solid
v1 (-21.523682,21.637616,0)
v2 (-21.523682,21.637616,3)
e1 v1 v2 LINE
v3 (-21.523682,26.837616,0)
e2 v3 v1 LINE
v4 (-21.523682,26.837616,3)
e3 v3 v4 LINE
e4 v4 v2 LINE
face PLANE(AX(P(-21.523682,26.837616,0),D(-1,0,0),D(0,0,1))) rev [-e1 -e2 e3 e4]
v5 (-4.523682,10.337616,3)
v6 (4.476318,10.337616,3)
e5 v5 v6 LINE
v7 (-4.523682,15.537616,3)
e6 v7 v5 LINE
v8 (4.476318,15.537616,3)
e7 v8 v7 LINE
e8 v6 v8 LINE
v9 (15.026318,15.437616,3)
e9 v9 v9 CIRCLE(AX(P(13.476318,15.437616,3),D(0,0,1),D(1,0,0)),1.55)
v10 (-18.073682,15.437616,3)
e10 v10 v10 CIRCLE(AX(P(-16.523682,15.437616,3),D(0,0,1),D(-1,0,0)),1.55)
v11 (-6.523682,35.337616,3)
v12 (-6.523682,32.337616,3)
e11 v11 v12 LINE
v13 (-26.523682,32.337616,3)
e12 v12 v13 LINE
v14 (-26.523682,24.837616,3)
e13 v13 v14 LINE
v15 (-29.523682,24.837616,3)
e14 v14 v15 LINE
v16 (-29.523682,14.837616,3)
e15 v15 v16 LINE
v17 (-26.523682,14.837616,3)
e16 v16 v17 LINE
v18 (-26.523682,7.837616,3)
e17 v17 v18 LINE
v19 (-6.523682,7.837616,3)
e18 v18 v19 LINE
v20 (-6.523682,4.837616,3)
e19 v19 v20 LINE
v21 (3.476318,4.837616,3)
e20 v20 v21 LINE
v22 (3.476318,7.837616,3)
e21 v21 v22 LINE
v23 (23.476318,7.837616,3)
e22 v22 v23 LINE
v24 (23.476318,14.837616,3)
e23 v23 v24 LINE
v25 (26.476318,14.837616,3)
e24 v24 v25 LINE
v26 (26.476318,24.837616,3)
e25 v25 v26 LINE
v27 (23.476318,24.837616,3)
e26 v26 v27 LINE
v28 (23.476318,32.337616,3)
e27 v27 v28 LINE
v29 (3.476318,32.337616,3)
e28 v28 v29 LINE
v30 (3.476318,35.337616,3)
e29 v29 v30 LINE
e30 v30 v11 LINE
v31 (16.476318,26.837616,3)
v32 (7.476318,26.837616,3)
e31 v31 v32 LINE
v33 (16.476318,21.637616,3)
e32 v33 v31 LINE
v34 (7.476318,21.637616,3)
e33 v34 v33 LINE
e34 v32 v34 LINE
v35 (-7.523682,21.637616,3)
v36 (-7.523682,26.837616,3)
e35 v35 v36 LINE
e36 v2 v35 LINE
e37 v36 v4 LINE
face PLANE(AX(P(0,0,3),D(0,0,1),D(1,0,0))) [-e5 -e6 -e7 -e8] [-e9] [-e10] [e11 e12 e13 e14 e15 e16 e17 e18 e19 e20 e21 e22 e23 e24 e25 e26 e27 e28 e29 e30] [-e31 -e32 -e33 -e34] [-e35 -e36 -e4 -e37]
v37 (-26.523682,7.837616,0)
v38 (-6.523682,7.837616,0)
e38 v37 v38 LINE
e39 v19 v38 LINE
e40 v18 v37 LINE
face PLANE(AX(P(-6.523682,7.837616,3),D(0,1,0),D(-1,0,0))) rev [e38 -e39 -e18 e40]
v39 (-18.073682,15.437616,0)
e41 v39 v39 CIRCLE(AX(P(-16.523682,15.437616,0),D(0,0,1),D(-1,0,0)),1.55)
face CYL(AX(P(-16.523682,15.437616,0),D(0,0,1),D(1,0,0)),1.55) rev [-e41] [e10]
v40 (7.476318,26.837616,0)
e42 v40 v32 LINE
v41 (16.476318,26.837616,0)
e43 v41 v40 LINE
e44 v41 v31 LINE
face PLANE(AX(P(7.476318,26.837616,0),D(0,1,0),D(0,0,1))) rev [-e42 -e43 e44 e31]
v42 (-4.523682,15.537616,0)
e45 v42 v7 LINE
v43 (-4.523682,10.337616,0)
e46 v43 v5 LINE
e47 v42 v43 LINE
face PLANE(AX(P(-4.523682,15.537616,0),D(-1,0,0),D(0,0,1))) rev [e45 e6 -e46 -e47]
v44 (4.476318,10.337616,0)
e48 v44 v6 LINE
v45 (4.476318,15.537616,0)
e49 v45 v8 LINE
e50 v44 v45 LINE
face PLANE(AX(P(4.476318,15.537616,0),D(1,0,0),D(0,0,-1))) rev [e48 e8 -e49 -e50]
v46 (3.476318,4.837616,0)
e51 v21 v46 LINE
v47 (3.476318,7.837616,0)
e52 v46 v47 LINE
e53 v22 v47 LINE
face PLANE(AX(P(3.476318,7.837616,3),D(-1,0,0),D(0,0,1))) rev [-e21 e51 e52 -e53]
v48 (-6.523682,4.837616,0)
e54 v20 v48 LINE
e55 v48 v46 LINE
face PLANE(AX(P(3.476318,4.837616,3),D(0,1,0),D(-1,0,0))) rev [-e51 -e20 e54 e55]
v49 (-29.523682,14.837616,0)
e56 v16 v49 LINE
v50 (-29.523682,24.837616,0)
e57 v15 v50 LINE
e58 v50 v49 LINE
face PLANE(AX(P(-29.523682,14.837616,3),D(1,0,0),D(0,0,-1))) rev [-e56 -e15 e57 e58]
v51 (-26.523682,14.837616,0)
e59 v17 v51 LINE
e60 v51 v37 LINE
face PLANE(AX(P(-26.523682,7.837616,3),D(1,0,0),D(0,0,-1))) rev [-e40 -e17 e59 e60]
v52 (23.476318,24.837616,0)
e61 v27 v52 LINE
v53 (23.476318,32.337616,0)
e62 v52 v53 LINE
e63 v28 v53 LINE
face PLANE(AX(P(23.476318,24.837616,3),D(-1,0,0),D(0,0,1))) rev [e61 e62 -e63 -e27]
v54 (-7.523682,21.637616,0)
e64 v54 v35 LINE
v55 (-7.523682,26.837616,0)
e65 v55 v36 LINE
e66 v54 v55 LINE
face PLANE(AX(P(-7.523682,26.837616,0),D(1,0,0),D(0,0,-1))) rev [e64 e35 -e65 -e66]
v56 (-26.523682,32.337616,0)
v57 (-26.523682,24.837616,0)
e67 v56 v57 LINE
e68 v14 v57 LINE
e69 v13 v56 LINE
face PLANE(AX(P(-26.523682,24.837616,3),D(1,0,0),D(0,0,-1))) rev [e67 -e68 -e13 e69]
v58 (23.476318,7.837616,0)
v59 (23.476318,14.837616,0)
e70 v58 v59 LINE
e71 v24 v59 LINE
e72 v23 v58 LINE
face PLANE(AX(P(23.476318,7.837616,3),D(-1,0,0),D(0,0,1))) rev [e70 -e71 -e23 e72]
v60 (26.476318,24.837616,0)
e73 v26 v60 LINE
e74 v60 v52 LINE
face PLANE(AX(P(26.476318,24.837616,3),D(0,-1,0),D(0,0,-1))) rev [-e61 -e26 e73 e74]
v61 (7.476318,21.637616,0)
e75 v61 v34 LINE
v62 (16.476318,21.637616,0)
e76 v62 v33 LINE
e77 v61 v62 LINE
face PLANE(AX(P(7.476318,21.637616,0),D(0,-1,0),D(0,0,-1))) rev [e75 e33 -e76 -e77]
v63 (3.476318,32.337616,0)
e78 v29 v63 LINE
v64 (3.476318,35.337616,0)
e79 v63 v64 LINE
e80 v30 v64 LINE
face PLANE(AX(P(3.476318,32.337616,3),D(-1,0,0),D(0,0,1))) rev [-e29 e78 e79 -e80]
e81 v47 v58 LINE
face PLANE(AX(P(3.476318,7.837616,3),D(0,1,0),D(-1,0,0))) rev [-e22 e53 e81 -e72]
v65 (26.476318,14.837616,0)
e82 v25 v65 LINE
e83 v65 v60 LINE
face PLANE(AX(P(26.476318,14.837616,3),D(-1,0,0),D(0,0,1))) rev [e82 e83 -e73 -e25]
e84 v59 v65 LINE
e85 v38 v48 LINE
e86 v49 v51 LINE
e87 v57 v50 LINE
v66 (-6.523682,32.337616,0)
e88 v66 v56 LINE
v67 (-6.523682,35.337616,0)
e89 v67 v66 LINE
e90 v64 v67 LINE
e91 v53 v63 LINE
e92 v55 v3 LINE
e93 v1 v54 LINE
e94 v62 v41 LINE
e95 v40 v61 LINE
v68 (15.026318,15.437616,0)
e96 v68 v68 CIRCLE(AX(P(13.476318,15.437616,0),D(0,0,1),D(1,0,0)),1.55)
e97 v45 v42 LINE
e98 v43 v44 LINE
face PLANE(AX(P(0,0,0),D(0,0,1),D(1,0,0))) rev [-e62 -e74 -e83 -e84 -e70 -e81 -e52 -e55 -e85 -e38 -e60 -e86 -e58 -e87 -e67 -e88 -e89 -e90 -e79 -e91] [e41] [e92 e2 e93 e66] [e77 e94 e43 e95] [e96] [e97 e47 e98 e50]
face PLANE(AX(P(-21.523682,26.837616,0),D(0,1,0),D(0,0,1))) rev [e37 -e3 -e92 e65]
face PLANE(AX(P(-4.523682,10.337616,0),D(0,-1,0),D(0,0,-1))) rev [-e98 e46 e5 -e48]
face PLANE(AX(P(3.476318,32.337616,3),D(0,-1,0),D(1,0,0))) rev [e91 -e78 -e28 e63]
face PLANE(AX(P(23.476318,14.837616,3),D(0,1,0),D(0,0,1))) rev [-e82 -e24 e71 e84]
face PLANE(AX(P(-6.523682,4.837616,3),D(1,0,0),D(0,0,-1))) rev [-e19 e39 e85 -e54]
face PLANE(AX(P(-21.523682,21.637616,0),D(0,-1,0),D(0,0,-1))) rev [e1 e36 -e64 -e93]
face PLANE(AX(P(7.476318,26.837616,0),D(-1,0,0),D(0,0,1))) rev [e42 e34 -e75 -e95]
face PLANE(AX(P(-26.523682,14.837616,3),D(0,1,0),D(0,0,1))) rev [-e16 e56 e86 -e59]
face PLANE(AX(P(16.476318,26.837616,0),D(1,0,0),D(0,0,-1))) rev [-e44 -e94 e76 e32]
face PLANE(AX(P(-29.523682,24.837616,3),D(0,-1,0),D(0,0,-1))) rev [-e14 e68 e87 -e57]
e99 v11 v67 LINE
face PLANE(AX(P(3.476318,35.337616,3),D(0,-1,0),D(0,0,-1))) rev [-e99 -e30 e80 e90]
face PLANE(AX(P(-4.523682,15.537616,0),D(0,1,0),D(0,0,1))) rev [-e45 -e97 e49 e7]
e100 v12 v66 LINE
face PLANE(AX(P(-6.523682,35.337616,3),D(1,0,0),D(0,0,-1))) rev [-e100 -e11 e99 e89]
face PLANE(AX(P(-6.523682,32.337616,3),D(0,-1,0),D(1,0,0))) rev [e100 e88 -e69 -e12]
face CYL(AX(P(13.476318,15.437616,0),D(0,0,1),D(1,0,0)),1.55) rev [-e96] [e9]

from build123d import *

# Parameters (mm, degrees)
BOSS_EXTRUDE1_DEPTH = 3
SKETCH4_R           = 1.55
SKETCH4_W           = 9
SKETCH4_H           = 5.2
SKETCH4_W_2         = 14
CUT_EXTRUDE1_DEPTH  = 3


with BuildPart() as part:
    # Sketch1 → Boss-Extrude1 (new body)
    with BuildSketch(Plane(origin=(0, 0, 0), x_dir=(-1, 0, 0), z_dir=(0, 0, 1))):
        Polygon((-3.476318152, -7.837615564), (-3.476318152, -4.837615564), (6.523681848, -4.837615564), (6.523681848, -7.837615564), (26.523681848, -7.837615564), (26.523681848, -14.837615564), (29.523681848, -14.837615564), (29.523681848, -24.837615564), (26.523681848, -24.837615564), (26.523681848, -32.337615564), (6.523681848, -32.337615564), (6.523681848, -35.337615564), (-3.476318152, -35.337615564), (-3.476318152, -32.337615564), (-23.476318152, -32.337615564), (-23.476318152, -24.837615564), (-26.476318152, -24.837615564), (-26.476318152, -14.837615564), (-23.476318152, -14.837615564), (-23.476318152, -7.837615564), align=None)
    extrude(amount=BOSS_EXTRUDE1_DEPTH)

    # Sketch4 → Cut-Extrude1 (cut)
    with BuildSketch(Plane.XY.offset(3)):
        with Locations((13.476318152, 15.437615564)):
            Circle(SKETCH4_R)
        with Locations(Location((-16.523681848, 15.437615564, 0), (0, 0, 180))):
            Circle(SKETCH4_R)
        with Locations((-0.023681848, 12.937615564)):
            Rectangle(SKETCH4_W, SKETCH4_H)
        with Locations((11.976318152, 24.237615564)):
            Rectangle(SKETCH4_W, SKETCH4_H)
        with Locations((-14.523681848, 24.237615564)):
            Rectangle(SKETCH4_W_2, SKETCH4_H)
    extrude(amount=-CUT_EXTRUDE1_DEPTH, mode=Mode.SUBTRACT)


solid = part.part
